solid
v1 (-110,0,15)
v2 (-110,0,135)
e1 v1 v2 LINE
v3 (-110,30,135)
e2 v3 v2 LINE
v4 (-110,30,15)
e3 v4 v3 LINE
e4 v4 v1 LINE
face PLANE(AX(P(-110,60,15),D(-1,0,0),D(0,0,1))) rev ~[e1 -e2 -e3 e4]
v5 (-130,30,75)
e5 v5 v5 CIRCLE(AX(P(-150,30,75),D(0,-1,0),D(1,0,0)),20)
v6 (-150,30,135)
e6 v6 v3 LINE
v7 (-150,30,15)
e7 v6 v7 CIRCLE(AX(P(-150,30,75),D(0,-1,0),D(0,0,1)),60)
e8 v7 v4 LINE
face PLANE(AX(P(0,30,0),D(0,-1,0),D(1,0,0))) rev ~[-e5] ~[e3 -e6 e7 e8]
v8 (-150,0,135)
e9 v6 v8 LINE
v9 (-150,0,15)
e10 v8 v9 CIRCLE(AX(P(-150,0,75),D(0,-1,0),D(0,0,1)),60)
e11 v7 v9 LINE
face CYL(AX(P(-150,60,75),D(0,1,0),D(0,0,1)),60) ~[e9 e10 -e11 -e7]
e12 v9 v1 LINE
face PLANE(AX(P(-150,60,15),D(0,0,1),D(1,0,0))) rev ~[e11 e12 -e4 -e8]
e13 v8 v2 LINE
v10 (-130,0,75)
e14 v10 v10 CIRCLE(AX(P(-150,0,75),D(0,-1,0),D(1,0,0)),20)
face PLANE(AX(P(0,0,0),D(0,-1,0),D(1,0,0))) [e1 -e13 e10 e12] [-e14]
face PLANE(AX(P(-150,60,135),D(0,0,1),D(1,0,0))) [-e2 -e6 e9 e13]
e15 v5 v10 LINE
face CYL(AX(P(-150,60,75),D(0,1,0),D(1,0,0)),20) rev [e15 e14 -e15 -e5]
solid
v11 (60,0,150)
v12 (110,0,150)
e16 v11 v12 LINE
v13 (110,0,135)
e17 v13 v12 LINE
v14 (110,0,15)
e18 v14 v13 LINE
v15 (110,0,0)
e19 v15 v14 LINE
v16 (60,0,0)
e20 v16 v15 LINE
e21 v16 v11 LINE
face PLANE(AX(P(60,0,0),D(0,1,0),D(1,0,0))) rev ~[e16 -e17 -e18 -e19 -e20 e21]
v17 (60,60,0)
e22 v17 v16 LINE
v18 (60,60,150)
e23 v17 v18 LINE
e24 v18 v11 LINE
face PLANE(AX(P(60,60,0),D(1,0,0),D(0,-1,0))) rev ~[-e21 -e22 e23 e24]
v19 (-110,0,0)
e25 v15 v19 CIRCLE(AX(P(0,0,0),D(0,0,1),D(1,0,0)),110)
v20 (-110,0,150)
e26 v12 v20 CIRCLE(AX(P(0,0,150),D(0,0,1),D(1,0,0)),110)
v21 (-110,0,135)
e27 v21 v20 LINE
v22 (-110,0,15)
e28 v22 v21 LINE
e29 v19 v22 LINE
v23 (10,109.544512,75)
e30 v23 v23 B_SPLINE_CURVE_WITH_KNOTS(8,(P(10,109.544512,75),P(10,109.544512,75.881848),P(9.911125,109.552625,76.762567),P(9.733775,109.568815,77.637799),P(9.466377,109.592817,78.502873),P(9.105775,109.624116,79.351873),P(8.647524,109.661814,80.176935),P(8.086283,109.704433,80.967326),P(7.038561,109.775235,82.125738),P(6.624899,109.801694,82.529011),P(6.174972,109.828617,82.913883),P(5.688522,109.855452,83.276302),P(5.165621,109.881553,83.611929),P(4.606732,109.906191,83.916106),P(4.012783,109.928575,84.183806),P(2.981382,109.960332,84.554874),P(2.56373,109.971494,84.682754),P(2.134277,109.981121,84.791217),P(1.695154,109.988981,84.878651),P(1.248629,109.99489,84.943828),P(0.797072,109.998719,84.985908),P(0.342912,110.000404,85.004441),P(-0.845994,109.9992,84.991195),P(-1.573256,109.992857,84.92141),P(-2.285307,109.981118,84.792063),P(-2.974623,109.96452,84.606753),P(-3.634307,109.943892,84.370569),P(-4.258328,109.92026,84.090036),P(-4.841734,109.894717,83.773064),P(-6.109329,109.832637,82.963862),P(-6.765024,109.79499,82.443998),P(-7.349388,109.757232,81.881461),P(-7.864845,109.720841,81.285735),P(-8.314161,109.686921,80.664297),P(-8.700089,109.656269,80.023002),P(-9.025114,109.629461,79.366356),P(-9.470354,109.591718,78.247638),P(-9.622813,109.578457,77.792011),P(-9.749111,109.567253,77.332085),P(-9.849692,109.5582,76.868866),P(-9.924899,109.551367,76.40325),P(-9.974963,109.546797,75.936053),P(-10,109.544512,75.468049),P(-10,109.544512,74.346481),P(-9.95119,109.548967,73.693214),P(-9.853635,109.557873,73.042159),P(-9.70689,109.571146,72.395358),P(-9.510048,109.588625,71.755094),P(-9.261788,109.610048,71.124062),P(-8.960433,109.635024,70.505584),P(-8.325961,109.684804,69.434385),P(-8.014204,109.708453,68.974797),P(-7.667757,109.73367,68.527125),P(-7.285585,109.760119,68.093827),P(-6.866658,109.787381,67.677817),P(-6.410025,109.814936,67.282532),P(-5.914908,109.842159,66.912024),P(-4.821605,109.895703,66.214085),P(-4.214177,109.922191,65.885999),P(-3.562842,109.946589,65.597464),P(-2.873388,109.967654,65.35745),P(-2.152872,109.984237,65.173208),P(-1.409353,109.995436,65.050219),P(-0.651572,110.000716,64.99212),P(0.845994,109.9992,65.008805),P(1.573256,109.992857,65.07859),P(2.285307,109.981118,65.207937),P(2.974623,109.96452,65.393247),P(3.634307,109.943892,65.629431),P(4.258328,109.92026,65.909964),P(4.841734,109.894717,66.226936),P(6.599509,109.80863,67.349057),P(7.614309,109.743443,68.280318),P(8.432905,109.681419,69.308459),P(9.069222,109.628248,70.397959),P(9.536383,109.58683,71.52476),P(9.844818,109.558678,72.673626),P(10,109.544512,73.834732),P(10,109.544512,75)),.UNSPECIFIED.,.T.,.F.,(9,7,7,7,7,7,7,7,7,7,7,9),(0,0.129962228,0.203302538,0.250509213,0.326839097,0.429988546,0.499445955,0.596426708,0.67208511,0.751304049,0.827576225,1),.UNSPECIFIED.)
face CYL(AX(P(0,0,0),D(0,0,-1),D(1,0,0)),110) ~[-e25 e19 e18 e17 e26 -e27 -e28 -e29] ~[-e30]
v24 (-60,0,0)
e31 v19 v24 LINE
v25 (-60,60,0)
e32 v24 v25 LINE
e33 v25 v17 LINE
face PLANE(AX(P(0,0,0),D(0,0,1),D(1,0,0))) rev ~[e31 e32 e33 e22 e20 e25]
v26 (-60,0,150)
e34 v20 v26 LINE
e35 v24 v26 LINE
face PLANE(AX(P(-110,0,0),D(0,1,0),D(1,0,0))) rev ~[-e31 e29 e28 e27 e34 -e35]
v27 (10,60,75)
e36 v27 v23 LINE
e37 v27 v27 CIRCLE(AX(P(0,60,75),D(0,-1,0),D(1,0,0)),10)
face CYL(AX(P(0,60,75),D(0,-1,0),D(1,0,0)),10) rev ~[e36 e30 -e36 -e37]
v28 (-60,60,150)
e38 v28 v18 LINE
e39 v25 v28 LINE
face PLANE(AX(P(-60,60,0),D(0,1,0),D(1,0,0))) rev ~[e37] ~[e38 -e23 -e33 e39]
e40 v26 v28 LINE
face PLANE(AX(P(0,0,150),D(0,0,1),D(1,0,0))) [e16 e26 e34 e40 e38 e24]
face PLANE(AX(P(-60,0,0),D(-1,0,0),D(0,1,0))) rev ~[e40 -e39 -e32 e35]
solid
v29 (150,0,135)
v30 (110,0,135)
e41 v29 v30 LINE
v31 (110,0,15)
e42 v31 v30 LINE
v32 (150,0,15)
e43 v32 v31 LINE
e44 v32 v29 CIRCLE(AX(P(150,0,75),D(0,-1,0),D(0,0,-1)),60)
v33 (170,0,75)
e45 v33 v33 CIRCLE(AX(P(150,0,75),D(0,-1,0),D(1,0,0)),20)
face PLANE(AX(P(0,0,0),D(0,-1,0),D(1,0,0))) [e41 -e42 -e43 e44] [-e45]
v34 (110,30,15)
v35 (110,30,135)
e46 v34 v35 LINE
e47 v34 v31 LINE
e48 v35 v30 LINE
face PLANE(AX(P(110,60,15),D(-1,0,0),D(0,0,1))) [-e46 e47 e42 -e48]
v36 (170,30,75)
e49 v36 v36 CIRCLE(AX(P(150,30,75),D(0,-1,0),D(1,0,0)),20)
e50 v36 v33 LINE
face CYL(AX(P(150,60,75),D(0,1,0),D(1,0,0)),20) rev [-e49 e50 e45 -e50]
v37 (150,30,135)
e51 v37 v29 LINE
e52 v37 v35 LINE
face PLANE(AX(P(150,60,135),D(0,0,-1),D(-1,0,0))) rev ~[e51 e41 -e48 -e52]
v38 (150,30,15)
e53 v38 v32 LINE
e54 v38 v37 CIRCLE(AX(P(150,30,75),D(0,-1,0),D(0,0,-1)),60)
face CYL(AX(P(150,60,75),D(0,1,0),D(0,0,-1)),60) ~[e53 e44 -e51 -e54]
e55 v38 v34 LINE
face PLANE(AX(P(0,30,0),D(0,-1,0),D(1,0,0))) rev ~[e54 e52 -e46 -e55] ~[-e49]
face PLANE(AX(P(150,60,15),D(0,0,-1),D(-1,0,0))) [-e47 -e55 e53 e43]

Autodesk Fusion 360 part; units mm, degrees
sketch "Sketch1" plane through (0, 0, 0) normal (0, 0, 1) x (1, 0, 0)
  arc A0 (110, 0) -> (-110, 0) centre (0, 0) ccw
  line L0 (-110, 0) -> (110, 0)
  line L1 (-60, 60) -> (60, 60)
  line L2 (60, 60) -> (60, 0)
  line L3 (60, 0) -> (-60, 0)
  line L4 (-60, 0) -> (-60, 60)
  dimension "d1" = 220
  dimension "d4" = 120
  dimension "d5" = 60
extrude "Extrude1" add sketch "Sketch1" along normal blind 150 contours A0 L0 L1 L2 L4 makes body 1
sketch "Sketch2" plane through (0, 60, 0) normal (0, -1, 0) x (1, 0, 0)
  line L0 (-60, 0) -> (60, 0)
  line L1 (60, 0) -> (60, 150)
  line L2 (60, 150) -> (-60, 150)
  line L3 (-60, 150) -> (-60, 0)
  circle A0 centre (150, 75) radius 20
  line L4 (0, -50) -> (0, 0)
  line L5 (0, 150) -> (0, 180)
  arc A1 (150, 15) -> (150, 135) centre (150, 75) ccw
  line L6 (150, 135) -> (110, 135)
  line L7 (150, 15) -> (110, 15)
  line L8 (0, -60) -> (0, 194.892)
  arc A2 (-150, 135) -> (-150, 15) centre (-150, 75) ccw
  circle A3 centre (-150, 75) radius 20
  line L9 (-150, 135) -> (-110, 135)
  line L10 (-150, 15) -> (-110, 15)
  line L11 (110, 15) -> (110, 135)
  line L12 (-110, 15) -> (-110, 135)
extrude "Extrude2" add sketch "Sketch2" along normal blind 60 separate body contours A1 L6 L7 L11 | A2 L9 L10 L12 makes body 2 at (161.8888, 20, 133.8103) makes body 3 at (-161.8888, 20, 16.1897)
extrude "Extrude3" cut 2 faces at (134.2311, 60, 28.7942) (-134.2311, 60, 28.7942) along direction (0, -1, 0) blind 30 on bodies 2 3 bodies 2 3
combine "Combine1" operation add target body 1 tool bodies 2 3
sketch "Sketch3" plane through (0, 60, 0) normal (0, -1, 0) x (1, 0, 0)
  line L0 (-60, 0) -> (60, 0)
  line L1 (60, 0) -> (60, 150)
  line L2 (60, 150) -> (-60, 150)
  line L3 (-60, 150) -> (-60, 0)
  circle A0 centre (0, 75) radius 10
  dimension "d16" = 20
  dimension "d17" = 75
extrude "Extrude4" cut sketch "Sketch3" along normal mid plane 200 contours A0 bodies 1
sketch "Sketch4" plane through (0, 0, 0) normal (0, 0, 1) x (1, 0, 0)
